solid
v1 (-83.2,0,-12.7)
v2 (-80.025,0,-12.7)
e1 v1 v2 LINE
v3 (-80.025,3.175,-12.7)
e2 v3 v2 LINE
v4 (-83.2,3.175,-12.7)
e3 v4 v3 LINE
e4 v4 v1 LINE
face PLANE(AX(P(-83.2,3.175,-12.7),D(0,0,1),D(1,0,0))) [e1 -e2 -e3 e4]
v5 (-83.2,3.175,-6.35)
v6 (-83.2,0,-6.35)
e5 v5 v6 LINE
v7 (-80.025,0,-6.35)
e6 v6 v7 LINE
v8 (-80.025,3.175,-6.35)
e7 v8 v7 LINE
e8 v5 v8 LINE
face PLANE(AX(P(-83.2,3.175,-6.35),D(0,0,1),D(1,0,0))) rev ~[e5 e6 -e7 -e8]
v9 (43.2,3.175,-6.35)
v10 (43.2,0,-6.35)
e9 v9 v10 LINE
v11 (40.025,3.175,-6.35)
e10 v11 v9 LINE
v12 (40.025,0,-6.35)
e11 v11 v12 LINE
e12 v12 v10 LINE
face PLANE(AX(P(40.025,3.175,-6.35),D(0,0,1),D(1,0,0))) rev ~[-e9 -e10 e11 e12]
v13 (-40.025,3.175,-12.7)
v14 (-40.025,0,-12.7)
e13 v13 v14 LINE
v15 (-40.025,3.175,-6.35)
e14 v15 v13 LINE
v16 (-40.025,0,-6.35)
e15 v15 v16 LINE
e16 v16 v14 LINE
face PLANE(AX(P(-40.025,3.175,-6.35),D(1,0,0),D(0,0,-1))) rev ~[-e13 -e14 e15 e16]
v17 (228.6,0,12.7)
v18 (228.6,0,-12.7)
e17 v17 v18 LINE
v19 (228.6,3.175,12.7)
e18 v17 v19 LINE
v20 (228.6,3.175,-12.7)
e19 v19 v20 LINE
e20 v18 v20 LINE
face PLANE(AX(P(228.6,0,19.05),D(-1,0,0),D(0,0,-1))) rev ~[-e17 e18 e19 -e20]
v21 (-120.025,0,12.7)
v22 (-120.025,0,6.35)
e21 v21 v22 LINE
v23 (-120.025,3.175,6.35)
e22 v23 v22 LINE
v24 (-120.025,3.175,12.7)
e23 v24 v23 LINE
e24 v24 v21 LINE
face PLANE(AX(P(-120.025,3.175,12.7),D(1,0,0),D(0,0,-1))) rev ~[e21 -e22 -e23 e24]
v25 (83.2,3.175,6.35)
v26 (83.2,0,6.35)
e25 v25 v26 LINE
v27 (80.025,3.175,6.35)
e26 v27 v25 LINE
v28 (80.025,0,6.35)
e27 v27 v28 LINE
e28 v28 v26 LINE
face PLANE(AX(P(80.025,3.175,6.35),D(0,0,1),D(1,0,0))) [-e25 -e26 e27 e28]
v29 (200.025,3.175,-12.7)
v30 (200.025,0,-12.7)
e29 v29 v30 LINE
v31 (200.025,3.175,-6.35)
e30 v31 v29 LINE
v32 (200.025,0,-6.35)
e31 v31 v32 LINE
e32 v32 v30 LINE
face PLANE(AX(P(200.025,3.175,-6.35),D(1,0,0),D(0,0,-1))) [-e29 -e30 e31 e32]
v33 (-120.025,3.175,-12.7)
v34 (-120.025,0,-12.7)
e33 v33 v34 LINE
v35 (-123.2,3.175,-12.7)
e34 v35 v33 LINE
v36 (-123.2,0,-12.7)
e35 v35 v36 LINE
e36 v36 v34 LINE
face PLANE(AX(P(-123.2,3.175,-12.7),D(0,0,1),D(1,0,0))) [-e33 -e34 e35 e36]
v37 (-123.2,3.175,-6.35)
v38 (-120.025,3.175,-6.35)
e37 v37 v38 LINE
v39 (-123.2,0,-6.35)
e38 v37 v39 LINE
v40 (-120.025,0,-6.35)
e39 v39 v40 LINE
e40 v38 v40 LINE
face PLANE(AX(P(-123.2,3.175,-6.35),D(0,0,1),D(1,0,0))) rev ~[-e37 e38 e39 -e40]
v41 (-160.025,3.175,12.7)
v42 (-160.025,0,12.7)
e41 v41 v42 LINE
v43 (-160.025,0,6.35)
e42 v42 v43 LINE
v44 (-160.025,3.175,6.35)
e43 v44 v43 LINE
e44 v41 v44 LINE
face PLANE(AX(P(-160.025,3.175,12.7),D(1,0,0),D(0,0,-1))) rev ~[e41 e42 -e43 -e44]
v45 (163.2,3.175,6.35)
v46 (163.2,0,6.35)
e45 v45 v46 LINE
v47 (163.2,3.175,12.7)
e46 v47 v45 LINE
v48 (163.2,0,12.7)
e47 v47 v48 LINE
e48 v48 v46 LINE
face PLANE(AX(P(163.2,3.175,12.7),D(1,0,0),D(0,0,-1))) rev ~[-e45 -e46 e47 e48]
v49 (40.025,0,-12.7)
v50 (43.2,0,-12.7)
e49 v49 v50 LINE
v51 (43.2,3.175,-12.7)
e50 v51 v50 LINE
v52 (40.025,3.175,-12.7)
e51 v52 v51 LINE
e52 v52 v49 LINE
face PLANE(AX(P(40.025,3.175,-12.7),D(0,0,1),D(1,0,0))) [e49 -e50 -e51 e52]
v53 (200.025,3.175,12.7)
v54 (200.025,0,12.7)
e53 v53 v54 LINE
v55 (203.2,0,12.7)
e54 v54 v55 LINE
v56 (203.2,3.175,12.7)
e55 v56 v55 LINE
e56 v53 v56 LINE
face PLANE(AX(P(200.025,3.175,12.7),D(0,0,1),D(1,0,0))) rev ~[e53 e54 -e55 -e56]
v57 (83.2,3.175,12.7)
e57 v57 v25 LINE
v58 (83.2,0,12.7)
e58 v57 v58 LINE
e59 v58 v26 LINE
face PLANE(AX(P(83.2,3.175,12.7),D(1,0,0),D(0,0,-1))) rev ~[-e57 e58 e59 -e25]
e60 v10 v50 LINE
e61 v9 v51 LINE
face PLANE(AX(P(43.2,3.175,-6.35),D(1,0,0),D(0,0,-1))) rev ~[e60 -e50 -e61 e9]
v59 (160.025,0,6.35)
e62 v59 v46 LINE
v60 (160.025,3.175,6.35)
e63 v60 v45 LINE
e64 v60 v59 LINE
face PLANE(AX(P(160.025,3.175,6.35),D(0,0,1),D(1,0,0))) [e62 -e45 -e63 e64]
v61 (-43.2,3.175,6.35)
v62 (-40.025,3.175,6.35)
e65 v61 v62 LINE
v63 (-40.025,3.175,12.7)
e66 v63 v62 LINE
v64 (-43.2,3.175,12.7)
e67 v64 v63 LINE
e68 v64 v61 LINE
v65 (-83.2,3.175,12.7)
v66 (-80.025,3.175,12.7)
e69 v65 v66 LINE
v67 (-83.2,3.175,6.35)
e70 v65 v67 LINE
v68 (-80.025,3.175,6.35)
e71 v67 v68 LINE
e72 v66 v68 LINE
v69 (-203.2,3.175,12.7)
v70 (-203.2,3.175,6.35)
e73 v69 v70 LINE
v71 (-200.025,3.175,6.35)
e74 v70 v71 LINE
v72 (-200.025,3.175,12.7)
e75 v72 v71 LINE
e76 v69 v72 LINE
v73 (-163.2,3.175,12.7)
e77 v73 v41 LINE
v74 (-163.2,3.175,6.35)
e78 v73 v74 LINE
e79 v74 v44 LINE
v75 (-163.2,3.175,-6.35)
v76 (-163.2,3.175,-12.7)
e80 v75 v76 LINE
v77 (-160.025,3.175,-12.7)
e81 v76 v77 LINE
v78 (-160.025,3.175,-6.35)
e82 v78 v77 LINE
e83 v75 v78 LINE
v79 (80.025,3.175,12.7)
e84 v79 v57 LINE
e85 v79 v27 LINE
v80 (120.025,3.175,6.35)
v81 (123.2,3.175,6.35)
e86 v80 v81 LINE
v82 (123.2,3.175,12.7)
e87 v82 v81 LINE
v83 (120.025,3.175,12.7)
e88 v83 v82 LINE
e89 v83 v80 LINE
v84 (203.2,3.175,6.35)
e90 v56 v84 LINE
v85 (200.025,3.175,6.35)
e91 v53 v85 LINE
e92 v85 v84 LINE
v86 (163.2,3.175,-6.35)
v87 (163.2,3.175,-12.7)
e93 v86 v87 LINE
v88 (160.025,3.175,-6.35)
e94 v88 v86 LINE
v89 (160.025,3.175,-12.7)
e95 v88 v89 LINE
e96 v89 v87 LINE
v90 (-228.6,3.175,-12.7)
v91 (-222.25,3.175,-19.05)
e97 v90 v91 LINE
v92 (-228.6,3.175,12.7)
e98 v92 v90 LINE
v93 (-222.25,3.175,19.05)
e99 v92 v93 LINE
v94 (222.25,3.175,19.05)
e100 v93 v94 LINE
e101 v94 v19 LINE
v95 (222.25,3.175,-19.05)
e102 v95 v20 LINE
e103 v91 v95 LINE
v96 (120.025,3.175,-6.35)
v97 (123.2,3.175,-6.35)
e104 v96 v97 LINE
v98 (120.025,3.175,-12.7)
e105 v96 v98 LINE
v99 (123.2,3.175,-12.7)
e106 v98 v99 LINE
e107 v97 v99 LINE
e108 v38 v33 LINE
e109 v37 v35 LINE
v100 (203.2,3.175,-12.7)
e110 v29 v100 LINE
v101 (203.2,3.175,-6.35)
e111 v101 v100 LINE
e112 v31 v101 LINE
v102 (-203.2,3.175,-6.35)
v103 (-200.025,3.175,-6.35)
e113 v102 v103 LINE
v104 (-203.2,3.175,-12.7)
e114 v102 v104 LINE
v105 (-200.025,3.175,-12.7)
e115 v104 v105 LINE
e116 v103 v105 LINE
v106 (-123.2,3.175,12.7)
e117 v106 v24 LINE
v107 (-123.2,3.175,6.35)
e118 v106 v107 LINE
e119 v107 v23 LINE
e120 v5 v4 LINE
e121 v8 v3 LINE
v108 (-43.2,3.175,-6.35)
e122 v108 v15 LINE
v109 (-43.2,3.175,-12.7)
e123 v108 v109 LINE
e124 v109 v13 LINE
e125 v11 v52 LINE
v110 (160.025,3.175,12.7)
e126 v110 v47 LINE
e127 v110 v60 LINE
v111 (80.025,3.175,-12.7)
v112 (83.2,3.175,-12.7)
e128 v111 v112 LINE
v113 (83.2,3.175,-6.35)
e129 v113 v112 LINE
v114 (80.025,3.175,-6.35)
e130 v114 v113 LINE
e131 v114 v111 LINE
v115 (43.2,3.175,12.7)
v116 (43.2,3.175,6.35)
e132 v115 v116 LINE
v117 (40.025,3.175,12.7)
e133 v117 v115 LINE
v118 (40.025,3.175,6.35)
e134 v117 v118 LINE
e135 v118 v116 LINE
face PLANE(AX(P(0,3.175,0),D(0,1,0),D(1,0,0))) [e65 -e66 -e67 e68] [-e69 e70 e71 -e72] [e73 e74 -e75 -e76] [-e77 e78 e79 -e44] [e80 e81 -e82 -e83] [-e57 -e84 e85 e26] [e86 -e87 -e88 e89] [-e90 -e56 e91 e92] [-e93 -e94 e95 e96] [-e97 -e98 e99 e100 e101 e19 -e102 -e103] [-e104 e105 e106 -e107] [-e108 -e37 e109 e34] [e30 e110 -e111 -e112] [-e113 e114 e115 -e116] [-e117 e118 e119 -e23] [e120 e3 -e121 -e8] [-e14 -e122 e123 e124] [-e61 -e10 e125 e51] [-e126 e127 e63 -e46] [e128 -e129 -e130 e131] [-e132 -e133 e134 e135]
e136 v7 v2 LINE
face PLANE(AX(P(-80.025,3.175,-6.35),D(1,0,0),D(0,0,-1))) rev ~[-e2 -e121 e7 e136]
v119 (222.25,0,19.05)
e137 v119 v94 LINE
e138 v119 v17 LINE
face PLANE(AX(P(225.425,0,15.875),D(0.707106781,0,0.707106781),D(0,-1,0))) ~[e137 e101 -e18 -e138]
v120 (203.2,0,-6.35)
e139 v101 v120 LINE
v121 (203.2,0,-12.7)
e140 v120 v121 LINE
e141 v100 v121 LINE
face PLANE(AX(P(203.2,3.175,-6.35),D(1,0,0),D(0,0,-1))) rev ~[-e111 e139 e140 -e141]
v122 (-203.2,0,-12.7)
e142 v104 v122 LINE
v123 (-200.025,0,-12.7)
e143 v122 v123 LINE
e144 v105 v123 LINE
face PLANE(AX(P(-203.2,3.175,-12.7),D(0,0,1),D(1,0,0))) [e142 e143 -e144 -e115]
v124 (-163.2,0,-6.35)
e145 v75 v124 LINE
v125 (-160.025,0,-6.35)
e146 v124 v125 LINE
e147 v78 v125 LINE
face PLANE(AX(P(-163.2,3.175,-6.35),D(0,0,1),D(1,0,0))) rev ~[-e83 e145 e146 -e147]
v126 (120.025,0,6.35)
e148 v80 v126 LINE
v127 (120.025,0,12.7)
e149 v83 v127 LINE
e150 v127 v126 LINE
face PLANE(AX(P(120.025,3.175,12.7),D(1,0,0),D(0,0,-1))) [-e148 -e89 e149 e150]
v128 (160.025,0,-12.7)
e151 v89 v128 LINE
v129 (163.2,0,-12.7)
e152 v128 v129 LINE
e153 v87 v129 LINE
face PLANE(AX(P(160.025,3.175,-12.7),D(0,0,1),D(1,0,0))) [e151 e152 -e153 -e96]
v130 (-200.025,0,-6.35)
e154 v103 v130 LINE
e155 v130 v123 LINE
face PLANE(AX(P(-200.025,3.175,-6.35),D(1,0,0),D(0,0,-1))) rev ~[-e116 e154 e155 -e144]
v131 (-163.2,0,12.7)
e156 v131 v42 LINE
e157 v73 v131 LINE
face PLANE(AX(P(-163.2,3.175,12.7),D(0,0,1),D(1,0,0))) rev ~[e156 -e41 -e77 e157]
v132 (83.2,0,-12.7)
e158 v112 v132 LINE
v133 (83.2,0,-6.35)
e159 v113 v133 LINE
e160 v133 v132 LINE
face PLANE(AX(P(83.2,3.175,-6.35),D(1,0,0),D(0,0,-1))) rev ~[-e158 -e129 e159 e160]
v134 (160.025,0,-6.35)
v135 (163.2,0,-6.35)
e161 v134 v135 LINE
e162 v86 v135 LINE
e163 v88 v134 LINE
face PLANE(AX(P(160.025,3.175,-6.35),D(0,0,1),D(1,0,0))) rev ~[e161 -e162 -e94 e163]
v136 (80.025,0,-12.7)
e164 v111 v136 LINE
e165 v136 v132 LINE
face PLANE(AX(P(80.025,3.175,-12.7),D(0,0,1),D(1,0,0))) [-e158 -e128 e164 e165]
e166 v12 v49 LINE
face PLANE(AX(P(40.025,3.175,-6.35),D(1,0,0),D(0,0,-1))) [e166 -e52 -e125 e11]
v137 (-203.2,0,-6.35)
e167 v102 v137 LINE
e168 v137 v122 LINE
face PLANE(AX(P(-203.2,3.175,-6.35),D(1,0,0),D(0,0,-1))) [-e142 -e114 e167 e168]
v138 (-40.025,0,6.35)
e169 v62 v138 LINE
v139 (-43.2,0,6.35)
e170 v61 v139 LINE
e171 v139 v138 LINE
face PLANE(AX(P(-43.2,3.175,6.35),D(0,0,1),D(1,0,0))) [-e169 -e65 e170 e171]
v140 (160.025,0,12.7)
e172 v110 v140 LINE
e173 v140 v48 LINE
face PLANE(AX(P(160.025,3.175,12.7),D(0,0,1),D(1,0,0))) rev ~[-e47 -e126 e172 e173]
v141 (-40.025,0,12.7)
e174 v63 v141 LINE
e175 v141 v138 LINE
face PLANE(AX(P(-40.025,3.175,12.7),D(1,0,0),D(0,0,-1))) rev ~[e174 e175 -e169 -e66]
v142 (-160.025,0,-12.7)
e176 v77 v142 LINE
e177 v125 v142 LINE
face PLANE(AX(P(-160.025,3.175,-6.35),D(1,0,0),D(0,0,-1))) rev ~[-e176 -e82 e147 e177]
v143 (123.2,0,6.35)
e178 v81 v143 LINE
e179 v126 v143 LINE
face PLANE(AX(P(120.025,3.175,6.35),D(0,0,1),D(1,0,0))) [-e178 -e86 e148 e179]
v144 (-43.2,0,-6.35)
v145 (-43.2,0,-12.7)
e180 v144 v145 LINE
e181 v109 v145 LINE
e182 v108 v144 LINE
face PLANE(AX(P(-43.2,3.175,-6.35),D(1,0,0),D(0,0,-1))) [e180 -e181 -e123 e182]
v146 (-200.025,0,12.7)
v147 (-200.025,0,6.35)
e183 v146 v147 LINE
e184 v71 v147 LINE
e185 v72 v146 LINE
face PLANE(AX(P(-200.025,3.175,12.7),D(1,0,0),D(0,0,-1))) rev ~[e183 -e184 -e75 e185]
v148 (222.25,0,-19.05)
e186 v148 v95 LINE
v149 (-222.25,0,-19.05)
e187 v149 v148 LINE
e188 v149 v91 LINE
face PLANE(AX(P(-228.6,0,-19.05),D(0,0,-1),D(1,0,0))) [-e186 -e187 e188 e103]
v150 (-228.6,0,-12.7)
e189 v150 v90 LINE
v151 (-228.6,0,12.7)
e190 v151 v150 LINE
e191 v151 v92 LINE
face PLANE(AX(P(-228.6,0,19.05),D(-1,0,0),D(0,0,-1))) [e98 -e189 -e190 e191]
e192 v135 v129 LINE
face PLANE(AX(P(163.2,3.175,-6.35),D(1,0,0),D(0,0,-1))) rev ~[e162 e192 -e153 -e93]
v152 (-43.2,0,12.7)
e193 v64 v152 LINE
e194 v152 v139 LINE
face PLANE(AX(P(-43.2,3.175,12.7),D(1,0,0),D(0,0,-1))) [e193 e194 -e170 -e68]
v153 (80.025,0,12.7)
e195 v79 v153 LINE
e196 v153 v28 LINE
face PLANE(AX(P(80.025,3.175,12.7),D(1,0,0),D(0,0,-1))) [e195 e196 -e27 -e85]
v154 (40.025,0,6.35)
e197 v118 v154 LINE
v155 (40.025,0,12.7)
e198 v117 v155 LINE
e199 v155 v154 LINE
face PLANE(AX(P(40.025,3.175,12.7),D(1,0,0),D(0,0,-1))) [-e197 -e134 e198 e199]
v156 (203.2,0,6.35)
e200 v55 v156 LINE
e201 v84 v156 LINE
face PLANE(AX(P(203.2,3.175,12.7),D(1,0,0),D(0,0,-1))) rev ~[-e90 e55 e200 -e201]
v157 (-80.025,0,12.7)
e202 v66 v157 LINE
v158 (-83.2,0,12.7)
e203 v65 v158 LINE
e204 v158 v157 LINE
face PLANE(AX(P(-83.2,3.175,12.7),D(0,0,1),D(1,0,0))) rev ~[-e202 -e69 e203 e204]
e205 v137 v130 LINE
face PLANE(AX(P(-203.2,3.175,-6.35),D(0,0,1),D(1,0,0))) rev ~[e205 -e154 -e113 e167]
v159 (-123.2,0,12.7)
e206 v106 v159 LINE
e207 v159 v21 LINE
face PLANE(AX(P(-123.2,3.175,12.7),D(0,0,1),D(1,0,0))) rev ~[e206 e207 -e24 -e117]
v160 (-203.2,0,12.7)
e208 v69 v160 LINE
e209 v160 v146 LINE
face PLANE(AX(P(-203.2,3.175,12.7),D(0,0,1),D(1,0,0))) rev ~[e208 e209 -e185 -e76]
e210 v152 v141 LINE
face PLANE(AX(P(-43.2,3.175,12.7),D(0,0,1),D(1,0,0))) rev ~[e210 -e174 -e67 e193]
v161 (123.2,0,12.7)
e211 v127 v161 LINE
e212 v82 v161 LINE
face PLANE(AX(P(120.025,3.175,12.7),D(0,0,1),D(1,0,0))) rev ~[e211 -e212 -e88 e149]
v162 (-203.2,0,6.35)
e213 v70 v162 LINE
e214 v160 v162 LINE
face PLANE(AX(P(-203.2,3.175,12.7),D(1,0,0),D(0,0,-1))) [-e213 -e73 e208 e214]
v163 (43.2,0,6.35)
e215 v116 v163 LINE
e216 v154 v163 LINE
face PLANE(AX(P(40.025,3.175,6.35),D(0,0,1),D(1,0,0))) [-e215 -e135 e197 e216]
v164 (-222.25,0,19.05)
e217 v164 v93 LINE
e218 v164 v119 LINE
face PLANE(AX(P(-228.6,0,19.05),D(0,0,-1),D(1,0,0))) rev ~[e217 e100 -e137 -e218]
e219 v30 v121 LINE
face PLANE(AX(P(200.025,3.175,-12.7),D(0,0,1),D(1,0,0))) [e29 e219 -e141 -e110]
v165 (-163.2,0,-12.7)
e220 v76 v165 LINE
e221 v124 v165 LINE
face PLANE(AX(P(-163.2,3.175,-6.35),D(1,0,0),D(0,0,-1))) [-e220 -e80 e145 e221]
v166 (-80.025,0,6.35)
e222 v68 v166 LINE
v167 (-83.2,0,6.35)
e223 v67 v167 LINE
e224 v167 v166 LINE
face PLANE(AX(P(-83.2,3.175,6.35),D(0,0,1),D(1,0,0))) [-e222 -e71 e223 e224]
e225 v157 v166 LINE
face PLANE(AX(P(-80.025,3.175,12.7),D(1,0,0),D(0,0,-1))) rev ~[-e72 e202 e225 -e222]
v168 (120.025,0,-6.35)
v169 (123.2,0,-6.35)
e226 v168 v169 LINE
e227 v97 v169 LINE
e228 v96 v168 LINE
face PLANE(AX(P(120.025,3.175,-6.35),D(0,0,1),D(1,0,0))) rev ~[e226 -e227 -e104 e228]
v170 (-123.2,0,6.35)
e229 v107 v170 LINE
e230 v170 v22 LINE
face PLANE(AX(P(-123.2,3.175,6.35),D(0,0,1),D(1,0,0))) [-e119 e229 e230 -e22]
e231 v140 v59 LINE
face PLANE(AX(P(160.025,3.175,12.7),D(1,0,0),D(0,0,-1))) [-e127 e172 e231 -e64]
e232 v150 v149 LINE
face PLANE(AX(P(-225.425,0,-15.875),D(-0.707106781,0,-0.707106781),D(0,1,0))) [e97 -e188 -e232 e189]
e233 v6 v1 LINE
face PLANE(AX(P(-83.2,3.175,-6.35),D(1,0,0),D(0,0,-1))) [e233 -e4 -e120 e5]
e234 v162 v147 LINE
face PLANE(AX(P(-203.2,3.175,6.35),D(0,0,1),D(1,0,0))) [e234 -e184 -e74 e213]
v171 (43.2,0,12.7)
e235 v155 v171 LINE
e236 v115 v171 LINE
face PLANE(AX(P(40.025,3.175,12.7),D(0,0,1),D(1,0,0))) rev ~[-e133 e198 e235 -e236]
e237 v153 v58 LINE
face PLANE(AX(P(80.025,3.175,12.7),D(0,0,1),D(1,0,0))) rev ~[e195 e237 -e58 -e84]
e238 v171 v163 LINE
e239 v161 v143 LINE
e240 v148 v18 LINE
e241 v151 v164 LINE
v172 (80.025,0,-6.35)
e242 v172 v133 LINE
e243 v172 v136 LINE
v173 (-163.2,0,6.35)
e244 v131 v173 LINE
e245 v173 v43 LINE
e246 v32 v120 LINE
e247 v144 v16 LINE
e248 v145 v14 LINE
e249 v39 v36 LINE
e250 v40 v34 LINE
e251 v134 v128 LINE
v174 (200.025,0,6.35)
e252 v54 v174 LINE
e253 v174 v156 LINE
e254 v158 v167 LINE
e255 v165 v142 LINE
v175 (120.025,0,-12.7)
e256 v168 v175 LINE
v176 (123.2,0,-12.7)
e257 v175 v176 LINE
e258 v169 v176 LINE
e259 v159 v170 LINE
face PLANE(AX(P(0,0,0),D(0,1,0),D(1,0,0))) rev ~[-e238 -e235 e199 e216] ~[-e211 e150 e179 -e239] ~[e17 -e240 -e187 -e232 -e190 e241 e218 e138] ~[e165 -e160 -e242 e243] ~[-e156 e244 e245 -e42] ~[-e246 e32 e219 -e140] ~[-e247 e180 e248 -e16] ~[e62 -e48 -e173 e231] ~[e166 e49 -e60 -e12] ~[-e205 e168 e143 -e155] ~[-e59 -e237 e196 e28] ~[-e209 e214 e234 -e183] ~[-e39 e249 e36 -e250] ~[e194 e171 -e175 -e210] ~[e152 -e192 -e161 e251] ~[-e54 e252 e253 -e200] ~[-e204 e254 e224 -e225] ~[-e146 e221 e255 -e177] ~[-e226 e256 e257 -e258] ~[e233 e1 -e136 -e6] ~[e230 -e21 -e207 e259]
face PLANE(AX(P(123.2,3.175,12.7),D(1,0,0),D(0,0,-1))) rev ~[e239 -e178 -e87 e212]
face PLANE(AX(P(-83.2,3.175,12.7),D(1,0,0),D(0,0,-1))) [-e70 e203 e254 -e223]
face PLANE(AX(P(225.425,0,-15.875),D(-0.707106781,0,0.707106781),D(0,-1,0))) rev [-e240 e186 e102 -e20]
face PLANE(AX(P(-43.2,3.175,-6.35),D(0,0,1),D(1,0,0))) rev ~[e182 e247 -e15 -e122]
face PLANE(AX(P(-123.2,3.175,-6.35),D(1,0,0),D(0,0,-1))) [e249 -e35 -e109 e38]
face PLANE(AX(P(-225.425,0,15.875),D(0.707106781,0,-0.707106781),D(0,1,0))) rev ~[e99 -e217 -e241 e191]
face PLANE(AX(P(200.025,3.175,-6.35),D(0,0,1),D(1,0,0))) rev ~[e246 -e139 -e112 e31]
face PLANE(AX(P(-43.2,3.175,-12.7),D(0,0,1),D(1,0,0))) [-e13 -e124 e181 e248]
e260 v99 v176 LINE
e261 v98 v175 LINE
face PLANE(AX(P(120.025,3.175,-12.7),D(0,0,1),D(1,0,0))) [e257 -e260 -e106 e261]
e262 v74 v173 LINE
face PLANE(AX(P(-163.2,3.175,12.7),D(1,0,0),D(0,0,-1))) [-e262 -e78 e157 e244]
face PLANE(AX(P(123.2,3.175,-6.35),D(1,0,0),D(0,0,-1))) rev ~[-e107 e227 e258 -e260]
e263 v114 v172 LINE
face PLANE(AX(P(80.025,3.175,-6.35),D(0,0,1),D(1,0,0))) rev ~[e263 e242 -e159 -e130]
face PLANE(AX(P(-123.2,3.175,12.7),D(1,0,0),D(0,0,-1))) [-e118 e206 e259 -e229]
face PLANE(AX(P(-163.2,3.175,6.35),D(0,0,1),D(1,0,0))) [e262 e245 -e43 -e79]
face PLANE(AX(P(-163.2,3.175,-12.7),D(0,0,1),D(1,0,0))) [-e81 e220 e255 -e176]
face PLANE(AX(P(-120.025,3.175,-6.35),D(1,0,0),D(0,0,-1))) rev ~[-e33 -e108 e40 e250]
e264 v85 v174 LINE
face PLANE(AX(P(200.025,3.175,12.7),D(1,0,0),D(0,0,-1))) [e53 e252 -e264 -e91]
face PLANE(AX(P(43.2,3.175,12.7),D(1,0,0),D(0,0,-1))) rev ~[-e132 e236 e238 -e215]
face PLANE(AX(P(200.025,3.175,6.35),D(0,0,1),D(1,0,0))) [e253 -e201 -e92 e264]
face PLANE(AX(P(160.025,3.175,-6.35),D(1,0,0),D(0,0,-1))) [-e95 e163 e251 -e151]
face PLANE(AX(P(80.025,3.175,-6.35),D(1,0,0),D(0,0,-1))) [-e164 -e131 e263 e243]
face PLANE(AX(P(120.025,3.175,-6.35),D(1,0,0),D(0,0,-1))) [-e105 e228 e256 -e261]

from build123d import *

# Parameters (mm, degrees)
SKETCH1_W           = 457.2
SKETCH1_H           = 38.1
BOSS_EXTRUDE1_DEPTH = 3.175
SKETCH2_W           = 3.175
SKETCH2_H           = 6.35
CUT_EXTRUDE1_DEPTH  = 6.35
CHAMFER1_SIZE       = 6.35


with BuildPart() as part:
    # Sketch1 → Boss-Extrude1 (new body)
    with BuildSketch(Plane(origin=(0, 0, 0), x_dir=(1, 0, 0), z_dir=(0, 1, 0))):
        Rectangle(SKETCH1_W, SKETCH1_H)
    extrude(amount=BOSS_EXTRUDE1_DEPTH)

    # Sketch2 → Cut-Extrude1 (cut)
    with BuildSketch(Plane(origin=(0, 3.175, 0), x_dir=(1, 0, 0), z_dir=(0, 1, 0))):
        with Locations((-201.6125, 9.525)):
            Rectangle(SKETCH2_W, SKETCH2_H)
        with Locations((-201.6125, -9.525)):
            Rectangle(SKETCH2_W, SKETCH2_H)
        with Locations((201.6125, 9.525)):
            Rectangle(SKETCH2_W, SKETCH2_H)
        with Locations((201.6125, -9.525)):
            Rectangle(SKETCH2_W, SKETCH2_H)
        with Locations((-161.6125, 9.525)):
            Rectangle(SKETCH2_W, SKETCH2_H)
        with Locations((-161.6125, -9.525)):
            Rectangle(SKETCH2_W, SKETCH2_H)
        with Locations((-121.6125, 9.525)):
            Rectangle(SKETCH2_W, SKETCH2_H)
        with Locations((-121.6125, -9.525)):
            Rectangle(SKETCH2_W, SKETCH2_H)
        with Locations((-81.6125, 9.525)):
            Rectangle(SKETCH2_W, SKETCH2_H)
        with Locations((-81.6125, -9.525)):
            Rectangle(SKETCH2_W, SKETCH2_H)
        with Locations((-41.6125, 9.525)):
            Rectangle(SKETCH2_W, SKETCH2_H)
        with Locations((-41.6125, -9.525)):
            Rectangle(SKETCH2_W, SKETCH2_H)
        with Locations((41.6125, -9.525)):
            Rectangle(SKETCH2_W, SKETCH2_H)
        with Locations((41.6125, 9.525)):
            Rectangle(SKETCH2_W, SKETCH2_H)
        with Locations((81.6125, -9.525)):
            Rectangle(SKETCH2_W, SKETCH2_H)
        with Locations((81.6125, 9.525)):
            Rectangle(SKETCH2_W, SKETCH2_H)
        with Locations((121.6125, -9.525)):
            Rectangle(SKETCH2_W, SKETCH2_H)
        with Locations((121.6125, 9.525)):
            Rectangle(SKETCH2_W, SKETCH2_H)
        with Locations((161.6125, -9.525)):
            Rectangle(SKETCH2_W, SKETCH2_H)
        with Locations((161.6125, 9.525)):
            Rectangle(SKETCH2_W, SKETCH2_H)
    extrude(amount=-CUT_EXTRUDE1_DEPTH, mode=Mode.SUBTRACT)

    # Chamfer1
    chamfer1_edges = [part.edges().sort_by_distance(p)[0] for p in [
        (228.6, 1.5875, 19.05),
        (-228.6, 1.5875, 19.05),
        (-228.6, 1.5875, -19.05),
        (228.6, 1.5875, -19.05),
    ]]
    chamfer(chamfer1_edges, length=CHAMFER1_SIZE)


solid = part.part
